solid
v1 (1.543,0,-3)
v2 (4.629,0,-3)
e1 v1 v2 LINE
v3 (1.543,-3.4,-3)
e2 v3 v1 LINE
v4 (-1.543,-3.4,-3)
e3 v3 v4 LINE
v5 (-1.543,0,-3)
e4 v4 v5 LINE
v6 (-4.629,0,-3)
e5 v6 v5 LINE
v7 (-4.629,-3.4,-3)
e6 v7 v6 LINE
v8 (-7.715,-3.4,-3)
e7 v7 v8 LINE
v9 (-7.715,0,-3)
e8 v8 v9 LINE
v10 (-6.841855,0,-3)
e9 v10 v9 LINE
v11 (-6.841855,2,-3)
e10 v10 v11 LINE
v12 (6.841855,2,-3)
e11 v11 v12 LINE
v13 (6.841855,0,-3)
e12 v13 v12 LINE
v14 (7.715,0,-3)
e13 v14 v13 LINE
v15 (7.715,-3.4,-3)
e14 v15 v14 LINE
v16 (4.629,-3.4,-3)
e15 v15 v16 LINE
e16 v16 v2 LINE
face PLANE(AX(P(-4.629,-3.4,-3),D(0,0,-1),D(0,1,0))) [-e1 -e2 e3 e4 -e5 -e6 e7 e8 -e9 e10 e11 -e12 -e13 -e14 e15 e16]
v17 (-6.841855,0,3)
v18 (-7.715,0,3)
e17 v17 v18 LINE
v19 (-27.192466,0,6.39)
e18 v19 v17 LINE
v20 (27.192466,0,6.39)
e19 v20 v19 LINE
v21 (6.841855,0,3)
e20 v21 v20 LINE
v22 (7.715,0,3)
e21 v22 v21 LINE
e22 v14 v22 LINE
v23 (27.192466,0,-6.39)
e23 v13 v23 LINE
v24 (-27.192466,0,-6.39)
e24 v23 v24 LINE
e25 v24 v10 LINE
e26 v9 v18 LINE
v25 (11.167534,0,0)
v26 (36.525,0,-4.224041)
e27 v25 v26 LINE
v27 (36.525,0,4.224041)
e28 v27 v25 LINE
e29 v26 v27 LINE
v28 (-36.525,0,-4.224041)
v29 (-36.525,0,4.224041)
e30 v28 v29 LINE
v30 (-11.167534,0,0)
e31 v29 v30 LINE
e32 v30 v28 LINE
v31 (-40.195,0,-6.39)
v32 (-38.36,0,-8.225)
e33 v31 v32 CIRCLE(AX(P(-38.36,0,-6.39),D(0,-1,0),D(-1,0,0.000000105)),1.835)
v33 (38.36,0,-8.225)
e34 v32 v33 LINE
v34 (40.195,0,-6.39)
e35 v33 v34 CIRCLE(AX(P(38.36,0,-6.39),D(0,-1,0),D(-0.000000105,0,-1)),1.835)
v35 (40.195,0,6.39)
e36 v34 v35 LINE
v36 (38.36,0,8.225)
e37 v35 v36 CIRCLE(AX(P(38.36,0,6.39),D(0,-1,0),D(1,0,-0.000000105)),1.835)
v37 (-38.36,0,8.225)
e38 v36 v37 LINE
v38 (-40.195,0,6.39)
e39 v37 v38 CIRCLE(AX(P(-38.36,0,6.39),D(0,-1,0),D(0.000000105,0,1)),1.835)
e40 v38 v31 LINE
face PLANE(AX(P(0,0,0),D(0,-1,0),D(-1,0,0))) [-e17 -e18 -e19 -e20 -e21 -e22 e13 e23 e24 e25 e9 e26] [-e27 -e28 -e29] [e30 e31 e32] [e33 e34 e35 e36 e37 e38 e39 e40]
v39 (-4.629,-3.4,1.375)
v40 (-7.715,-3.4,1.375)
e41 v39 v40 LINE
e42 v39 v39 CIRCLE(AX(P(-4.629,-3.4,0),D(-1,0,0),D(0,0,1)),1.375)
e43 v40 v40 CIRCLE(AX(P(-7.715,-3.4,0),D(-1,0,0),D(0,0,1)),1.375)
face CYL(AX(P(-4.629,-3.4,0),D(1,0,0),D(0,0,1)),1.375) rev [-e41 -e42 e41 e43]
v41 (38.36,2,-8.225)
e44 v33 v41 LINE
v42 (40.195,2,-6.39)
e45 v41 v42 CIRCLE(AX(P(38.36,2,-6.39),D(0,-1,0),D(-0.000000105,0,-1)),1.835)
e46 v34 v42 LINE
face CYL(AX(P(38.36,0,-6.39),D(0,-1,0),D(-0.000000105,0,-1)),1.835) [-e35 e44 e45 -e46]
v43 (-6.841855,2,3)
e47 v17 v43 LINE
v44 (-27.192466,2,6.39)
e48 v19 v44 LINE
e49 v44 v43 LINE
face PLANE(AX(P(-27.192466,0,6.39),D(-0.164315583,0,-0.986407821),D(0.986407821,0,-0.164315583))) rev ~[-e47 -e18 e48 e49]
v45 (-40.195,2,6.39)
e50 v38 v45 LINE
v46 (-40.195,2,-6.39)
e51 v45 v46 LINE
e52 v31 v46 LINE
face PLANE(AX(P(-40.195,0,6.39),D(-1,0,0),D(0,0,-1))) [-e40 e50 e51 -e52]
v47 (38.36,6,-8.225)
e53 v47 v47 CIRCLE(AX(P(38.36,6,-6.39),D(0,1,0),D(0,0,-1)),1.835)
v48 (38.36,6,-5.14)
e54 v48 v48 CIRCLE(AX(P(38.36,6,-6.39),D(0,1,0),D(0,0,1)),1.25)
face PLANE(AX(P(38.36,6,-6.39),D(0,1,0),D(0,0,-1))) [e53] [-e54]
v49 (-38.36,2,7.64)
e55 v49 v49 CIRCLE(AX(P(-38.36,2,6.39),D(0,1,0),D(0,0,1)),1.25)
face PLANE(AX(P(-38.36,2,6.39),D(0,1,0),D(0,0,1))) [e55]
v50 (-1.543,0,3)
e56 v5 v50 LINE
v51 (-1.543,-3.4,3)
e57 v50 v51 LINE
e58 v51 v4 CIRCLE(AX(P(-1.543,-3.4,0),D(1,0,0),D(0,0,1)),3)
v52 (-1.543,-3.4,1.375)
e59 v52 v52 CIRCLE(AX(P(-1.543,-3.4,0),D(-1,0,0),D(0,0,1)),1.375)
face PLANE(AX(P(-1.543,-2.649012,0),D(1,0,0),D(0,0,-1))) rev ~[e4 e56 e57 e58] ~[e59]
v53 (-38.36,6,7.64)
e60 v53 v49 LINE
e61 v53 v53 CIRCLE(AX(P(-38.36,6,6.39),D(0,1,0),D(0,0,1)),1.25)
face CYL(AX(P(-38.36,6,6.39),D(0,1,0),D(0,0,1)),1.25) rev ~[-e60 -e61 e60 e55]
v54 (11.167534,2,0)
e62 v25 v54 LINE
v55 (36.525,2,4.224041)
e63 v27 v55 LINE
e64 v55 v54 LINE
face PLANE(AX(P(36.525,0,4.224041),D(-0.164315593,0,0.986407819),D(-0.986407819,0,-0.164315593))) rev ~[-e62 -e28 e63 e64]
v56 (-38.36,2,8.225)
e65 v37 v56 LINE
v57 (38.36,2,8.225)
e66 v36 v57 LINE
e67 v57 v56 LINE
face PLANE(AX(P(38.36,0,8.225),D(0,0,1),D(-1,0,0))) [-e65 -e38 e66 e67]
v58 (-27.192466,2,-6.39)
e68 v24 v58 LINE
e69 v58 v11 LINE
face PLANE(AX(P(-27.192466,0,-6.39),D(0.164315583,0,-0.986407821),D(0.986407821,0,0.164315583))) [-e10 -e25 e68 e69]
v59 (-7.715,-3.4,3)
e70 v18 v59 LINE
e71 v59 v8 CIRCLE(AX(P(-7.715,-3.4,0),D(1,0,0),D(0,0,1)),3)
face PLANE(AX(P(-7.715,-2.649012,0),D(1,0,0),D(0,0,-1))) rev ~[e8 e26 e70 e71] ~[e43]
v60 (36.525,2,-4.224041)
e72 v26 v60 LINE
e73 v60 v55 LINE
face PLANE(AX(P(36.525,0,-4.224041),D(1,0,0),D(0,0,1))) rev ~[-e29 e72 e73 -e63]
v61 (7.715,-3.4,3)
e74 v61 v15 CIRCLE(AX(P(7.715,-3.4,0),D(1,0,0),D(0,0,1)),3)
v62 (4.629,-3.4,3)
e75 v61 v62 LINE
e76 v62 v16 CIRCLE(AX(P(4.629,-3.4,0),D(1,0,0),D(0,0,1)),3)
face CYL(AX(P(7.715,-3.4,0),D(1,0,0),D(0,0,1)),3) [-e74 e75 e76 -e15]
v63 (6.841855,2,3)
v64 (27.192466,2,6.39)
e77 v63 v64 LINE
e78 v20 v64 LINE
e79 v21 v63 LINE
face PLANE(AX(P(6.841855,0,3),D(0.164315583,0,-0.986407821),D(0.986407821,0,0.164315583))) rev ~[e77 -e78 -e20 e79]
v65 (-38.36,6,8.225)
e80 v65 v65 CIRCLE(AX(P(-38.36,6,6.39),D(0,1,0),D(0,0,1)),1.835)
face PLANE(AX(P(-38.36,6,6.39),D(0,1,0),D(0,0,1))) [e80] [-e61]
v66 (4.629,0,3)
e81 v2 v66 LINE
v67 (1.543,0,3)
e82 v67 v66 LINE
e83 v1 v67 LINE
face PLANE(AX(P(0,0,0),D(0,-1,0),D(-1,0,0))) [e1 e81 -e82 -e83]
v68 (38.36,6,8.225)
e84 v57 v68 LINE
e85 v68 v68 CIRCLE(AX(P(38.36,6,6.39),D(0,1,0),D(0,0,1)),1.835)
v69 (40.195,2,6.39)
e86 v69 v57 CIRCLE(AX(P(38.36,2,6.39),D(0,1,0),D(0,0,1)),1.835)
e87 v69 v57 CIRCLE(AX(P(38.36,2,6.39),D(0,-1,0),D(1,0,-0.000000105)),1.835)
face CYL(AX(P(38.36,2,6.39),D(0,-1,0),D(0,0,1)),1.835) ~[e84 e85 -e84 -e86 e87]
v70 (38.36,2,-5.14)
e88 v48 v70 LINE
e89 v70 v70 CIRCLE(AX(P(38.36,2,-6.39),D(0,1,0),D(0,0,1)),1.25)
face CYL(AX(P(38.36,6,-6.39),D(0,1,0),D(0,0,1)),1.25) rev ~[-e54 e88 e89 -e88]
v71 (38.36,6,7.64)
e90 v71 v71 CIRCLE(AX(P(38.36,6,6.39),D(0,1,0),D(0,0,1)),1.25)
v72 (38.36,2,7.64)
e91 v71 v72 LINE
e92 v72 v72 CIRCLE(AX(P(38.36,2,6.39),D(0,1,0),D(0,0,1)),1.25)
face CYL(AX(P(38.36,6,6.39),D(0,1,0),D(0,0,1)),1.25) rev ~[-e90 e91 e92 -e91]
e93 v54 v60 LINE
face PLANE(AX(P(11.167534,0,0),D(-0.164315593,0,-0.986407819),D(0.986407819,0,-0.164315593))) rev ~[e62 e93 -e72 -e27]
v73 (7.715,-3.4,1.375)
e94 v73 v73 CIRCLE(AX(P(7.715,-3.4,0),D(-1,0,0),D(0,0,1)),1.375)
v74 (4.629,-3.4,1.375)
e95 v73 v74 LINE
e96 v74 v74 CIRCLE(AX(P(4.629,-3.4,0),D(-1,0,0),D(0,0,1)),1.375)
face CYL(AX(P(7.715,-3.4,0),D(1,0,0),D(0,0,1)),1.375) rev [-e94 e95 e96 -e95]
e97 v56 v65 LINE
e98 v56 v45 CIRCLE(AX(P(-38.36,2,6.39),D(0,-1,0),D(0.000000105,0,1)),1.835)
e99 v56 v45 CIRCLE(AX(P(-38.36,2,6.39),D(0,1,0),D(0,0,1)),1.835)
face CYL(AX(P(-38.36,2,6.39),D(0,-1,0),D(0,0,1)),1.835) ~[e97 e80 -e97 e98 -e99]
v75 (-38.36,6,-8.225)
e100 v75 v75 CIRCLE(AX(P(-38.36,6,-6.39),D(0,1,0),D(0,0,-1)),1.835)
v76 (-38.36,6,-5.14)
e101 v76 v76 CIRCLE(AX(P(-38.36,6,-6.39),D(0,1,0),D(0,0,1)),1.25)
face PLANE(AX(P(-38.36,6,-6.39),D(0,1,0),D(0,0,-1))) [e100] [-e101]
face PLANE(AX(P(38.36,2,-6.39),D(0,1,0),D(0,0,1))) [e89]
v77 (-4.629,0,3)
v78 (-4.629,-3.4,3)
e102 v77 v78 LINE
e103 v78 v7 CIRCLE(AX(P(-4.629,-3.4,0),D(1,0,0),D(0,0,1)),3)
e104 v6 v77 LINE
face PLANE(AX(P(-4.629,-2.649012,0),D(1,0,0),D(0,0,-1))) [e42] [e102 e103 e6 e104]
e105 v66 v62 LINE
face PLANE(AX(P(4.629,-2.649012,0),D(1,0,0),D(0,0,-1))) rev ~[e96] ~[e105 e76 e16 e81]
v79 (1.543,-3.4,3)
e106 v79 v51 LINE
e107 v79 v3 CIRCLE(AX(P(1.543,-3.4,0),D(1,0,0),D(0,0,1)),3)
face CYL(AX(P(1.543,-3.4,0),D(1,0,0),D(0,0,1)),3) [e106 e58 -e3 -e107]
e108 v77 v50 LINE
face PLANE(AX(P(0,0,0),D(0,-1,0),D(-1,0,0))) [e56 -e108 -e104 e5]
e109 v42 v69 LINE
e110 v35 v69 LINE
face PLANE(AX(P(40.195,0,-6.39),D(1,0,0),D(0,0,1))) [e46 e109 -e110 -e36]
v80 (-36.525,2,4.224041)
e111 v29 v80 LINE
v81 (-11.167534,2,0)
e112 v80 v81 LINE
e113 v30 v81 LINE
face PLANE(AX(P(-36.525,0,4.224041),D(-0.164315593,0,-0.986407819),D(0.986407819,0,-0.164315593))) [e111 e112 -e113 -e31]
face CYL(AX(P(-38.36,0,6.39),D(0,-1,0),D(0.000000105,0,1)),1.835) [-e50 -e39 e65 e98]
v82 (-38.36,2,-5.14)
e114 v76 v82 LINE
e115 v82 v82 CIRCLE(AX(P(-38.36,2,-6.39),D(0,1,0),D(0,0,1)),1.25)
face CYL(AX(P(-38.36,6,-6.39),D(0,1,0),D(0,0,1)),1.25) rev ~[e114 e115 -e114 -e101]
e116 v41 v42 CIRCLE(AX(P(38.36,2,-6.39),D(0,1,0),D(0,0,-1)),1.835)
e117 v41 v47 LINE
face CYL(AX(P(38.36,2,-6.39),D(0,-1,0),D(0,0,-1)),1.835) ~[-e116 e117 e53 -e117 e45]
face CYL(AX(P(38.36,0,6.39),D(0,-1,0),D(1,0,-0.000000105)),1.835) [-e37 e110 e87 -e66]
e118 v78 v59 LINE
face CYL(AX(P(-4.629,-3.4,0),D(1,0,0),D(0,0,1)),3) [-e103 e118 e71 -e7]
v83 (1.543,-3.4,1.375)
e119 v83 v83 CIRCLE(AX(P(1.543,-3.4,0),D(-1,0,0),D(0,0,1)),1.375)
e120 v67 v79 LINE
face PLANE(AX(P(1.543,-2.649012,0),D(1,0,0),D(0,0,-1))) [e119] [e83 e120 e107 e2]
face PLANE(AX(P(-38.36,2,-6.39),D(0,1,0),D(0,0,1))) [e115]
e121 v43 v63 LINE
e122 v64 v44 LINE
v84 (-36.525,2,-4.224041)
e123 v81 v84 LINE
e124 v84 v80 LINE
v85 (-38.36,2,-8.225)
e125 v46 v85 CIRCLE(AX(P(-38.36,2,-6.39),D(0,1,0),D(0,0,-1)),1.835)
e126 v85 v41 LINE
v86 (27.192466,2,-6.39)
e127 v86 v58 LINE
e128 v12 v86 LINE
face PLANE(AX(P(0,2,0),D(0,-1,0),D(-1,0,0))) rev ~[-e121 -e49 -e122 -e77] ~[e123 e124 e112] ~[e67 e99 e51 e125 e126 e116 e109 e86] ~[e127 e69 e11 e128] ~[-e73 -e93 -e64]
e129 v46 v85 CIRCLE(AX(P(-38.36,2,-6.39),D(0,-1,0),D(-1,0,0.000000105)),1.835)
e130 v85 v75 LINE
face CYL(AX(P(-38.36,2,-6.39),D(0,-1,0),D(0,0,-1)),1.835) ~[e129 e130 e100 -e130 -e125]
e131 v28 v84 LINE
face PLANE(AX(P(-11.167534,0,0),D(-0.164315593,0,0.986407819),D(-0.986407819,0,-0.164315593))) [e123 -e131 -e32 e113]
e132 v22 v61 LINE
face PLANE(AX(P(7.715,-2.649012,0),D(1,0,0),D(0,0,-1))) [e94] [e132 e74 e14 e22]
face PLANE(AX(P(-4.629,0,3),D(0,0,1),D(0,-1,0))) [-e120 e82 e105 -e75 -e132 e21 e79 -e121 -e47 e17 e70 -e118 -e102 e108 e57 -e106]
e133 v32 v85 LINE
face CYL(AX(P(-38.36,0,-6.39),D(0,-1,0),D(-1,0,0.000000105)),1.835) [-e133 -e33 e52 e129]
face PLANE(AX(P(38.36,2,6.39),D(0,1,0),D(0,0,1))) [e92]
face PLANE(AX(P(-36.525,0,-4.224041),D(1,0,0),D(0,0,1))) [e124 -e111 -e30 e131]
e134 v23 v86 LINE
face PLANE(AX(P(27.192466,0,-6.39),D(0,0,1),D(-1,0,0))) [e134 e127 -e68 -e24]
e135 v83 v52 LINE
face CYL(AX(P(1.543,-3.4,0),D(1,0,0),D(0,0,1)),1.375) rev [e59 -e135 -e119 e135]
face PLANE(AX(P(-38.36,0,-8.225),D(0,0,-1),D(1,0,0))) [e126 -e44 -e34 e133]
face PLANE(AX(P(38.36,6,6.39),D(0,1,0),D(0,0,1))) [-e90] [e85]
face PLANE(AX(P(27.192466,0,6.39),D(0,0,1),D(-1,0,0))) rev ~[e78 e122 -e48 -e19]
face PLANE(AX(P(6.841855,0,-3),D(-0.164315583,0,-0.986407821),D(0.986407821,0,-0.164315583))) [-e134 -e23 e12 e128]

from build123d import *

# Parameters (mm, degrees)
BOSS_EXTRUDE2_DEPTH = 2
SKETCH4_R           = 1.835
BOSS_EXTRUDE3_DEPTH = 4
SKETCH6_R           = 1.25
CUT_EXTRUDE1_DEPTH  = 4
SKETCH7_R           = 1.375
BOSS_EXTRUDE4_DEPTH = 3.086
LPATTERN1_COUNT     = 3
LPATTERN1_PITCH     = 6.172


with BuildPart() as part:
    # Sketch3 → Boss-Extrude2 (new body)
    with BuildSketch(Plane(origin=(0, 0, 0), x_dir=(1, 0, 0), z_dir=(0, 1, 0))):
        with BuildLine():
            Line((38.36, -8.225), (-38.36, -8.225))
            ThreePointArc((-38.36, -8.225), (-39.657541, -7.687541), (-40.195, -6.39))
            Line((-40.195, -6.39), (-40.195, 6.39))
            ThreePointArc((-40.195, 6.39), (-39.657541, 7.687541), (-38.36, 8.225))
            Line((-38.36, 8.225), (38.36, 8.225))
            ThreePointArc((38.36, 8.225), (39.657541, 7.687541), (40.195, 6.39))
            Line((40.195, 6.39), (40.195, -6.39))
            ThreePointArc((40.195, -6.39), (39.657541, -7.687541), (38.36, -8.225))
        make_face()
        Polygon((6.841855, -3), (27.192466, -6.39), (-27.192466, -6.39), (-6.841855, -3), align=None, mode=Mode.SUBTRACT)
        Polygon((-27.192466, 6.39), (-6.841855, 3), (6.841855, 3), (27.192466, 6.39), align=None, mode=Mode.SUBTRACT)
        Polygon((-36.525, 4.224041), (-36.525, -4.224041), (-11.167534, 0), align=None, mode=Mode.SUBTRACT)
        Polygon((36.525, -4.224041), (11.167534, 0), (36.525, 4.224041), align=None, mode=Mode.SUBTRACT)
    extrude(amount=BOSS_EXTRUDE2_DEPTH)

    # Sketch4 → Boss-Extrude3 (add)
    with BuildSketch(Plane(origin=(0, 2, 0), x_dir=(1, 0, 0), z_dir=(0, 1, 0))):
        with Locations(Location((-38.36, 6.39, 0), (0, 0, 90))):
            Circle(SKETCH4_R)
        with Locations(Location((-38.36, -6.39, 0), (0, 0, 270))):
            Circle(SKETCH4_R)
        with Locations(Location((38.36, 6.39, 0), (0, 0, 90))):
            Circle(SKETCH4_R)
        with Locations(Location((38.36, -6.39, 0), (0, 0, 270))):
            Circle(SKETCH4_R)
    extrude(amount=BOSS_EXTRUDE3_DEPTH)

    # Sketch6 → Cut-Extrude1 (cut)
    with BuildSketch(Plane(origin=(0, 6, 0), x_dir=(1, 0, 0), z_dir=(0, 1, 0))):
        with Locations(Location((-38.36, 6.39, 0), (0, 0, 270))):
            Circle(SKETCH6_R)
        with Locations(Location((-38.36, -6.39, 0), (0, 0, 270))):
            Circle(SKETCH6_R)
        with Locations(Location((38.36, 6.39, 0), (0, 0, 270))):
            Circle(SKETCH6_R)
        with Locations(Location((38.36, -6.39, 0), (0, 0, 270))):
            Circle(SKETCH6_R)
    extrude(amount=-CUT_EXTRUDE1_DEPTH, mode=Mode.SUBTRACT)

    # Sketch7 → Boss-Extrude4 (add)
    with BuildSketch(Plane.ZY.offset(-7.715)):
        with BuildLine():
            Line((-3, 0), (3, 0))
            Line((3, 0), (3, -3.4))
            ThreePointArc((3, -3.4), (0, -6.4), (-3, -3.4))
            Line((-3, -3.4), (-3, 0))
        make_face()
        with Locations((0, -3.4)):
            Circle(SKETCH7_R, mode=Mode.SUBTRACT)
    boss_extrude4 = extrude(amount=BOSS_EXTRUDE4_DEPTH)

    # LPattern1: Boss-Extrude4 ×3
    with Locations(*[(-i * LPATTERN1_PITCH, 0, 0) for i in range(1, LPATTERN1_COUNT)]):
        add(boss_extrude4)


solid = part.part
